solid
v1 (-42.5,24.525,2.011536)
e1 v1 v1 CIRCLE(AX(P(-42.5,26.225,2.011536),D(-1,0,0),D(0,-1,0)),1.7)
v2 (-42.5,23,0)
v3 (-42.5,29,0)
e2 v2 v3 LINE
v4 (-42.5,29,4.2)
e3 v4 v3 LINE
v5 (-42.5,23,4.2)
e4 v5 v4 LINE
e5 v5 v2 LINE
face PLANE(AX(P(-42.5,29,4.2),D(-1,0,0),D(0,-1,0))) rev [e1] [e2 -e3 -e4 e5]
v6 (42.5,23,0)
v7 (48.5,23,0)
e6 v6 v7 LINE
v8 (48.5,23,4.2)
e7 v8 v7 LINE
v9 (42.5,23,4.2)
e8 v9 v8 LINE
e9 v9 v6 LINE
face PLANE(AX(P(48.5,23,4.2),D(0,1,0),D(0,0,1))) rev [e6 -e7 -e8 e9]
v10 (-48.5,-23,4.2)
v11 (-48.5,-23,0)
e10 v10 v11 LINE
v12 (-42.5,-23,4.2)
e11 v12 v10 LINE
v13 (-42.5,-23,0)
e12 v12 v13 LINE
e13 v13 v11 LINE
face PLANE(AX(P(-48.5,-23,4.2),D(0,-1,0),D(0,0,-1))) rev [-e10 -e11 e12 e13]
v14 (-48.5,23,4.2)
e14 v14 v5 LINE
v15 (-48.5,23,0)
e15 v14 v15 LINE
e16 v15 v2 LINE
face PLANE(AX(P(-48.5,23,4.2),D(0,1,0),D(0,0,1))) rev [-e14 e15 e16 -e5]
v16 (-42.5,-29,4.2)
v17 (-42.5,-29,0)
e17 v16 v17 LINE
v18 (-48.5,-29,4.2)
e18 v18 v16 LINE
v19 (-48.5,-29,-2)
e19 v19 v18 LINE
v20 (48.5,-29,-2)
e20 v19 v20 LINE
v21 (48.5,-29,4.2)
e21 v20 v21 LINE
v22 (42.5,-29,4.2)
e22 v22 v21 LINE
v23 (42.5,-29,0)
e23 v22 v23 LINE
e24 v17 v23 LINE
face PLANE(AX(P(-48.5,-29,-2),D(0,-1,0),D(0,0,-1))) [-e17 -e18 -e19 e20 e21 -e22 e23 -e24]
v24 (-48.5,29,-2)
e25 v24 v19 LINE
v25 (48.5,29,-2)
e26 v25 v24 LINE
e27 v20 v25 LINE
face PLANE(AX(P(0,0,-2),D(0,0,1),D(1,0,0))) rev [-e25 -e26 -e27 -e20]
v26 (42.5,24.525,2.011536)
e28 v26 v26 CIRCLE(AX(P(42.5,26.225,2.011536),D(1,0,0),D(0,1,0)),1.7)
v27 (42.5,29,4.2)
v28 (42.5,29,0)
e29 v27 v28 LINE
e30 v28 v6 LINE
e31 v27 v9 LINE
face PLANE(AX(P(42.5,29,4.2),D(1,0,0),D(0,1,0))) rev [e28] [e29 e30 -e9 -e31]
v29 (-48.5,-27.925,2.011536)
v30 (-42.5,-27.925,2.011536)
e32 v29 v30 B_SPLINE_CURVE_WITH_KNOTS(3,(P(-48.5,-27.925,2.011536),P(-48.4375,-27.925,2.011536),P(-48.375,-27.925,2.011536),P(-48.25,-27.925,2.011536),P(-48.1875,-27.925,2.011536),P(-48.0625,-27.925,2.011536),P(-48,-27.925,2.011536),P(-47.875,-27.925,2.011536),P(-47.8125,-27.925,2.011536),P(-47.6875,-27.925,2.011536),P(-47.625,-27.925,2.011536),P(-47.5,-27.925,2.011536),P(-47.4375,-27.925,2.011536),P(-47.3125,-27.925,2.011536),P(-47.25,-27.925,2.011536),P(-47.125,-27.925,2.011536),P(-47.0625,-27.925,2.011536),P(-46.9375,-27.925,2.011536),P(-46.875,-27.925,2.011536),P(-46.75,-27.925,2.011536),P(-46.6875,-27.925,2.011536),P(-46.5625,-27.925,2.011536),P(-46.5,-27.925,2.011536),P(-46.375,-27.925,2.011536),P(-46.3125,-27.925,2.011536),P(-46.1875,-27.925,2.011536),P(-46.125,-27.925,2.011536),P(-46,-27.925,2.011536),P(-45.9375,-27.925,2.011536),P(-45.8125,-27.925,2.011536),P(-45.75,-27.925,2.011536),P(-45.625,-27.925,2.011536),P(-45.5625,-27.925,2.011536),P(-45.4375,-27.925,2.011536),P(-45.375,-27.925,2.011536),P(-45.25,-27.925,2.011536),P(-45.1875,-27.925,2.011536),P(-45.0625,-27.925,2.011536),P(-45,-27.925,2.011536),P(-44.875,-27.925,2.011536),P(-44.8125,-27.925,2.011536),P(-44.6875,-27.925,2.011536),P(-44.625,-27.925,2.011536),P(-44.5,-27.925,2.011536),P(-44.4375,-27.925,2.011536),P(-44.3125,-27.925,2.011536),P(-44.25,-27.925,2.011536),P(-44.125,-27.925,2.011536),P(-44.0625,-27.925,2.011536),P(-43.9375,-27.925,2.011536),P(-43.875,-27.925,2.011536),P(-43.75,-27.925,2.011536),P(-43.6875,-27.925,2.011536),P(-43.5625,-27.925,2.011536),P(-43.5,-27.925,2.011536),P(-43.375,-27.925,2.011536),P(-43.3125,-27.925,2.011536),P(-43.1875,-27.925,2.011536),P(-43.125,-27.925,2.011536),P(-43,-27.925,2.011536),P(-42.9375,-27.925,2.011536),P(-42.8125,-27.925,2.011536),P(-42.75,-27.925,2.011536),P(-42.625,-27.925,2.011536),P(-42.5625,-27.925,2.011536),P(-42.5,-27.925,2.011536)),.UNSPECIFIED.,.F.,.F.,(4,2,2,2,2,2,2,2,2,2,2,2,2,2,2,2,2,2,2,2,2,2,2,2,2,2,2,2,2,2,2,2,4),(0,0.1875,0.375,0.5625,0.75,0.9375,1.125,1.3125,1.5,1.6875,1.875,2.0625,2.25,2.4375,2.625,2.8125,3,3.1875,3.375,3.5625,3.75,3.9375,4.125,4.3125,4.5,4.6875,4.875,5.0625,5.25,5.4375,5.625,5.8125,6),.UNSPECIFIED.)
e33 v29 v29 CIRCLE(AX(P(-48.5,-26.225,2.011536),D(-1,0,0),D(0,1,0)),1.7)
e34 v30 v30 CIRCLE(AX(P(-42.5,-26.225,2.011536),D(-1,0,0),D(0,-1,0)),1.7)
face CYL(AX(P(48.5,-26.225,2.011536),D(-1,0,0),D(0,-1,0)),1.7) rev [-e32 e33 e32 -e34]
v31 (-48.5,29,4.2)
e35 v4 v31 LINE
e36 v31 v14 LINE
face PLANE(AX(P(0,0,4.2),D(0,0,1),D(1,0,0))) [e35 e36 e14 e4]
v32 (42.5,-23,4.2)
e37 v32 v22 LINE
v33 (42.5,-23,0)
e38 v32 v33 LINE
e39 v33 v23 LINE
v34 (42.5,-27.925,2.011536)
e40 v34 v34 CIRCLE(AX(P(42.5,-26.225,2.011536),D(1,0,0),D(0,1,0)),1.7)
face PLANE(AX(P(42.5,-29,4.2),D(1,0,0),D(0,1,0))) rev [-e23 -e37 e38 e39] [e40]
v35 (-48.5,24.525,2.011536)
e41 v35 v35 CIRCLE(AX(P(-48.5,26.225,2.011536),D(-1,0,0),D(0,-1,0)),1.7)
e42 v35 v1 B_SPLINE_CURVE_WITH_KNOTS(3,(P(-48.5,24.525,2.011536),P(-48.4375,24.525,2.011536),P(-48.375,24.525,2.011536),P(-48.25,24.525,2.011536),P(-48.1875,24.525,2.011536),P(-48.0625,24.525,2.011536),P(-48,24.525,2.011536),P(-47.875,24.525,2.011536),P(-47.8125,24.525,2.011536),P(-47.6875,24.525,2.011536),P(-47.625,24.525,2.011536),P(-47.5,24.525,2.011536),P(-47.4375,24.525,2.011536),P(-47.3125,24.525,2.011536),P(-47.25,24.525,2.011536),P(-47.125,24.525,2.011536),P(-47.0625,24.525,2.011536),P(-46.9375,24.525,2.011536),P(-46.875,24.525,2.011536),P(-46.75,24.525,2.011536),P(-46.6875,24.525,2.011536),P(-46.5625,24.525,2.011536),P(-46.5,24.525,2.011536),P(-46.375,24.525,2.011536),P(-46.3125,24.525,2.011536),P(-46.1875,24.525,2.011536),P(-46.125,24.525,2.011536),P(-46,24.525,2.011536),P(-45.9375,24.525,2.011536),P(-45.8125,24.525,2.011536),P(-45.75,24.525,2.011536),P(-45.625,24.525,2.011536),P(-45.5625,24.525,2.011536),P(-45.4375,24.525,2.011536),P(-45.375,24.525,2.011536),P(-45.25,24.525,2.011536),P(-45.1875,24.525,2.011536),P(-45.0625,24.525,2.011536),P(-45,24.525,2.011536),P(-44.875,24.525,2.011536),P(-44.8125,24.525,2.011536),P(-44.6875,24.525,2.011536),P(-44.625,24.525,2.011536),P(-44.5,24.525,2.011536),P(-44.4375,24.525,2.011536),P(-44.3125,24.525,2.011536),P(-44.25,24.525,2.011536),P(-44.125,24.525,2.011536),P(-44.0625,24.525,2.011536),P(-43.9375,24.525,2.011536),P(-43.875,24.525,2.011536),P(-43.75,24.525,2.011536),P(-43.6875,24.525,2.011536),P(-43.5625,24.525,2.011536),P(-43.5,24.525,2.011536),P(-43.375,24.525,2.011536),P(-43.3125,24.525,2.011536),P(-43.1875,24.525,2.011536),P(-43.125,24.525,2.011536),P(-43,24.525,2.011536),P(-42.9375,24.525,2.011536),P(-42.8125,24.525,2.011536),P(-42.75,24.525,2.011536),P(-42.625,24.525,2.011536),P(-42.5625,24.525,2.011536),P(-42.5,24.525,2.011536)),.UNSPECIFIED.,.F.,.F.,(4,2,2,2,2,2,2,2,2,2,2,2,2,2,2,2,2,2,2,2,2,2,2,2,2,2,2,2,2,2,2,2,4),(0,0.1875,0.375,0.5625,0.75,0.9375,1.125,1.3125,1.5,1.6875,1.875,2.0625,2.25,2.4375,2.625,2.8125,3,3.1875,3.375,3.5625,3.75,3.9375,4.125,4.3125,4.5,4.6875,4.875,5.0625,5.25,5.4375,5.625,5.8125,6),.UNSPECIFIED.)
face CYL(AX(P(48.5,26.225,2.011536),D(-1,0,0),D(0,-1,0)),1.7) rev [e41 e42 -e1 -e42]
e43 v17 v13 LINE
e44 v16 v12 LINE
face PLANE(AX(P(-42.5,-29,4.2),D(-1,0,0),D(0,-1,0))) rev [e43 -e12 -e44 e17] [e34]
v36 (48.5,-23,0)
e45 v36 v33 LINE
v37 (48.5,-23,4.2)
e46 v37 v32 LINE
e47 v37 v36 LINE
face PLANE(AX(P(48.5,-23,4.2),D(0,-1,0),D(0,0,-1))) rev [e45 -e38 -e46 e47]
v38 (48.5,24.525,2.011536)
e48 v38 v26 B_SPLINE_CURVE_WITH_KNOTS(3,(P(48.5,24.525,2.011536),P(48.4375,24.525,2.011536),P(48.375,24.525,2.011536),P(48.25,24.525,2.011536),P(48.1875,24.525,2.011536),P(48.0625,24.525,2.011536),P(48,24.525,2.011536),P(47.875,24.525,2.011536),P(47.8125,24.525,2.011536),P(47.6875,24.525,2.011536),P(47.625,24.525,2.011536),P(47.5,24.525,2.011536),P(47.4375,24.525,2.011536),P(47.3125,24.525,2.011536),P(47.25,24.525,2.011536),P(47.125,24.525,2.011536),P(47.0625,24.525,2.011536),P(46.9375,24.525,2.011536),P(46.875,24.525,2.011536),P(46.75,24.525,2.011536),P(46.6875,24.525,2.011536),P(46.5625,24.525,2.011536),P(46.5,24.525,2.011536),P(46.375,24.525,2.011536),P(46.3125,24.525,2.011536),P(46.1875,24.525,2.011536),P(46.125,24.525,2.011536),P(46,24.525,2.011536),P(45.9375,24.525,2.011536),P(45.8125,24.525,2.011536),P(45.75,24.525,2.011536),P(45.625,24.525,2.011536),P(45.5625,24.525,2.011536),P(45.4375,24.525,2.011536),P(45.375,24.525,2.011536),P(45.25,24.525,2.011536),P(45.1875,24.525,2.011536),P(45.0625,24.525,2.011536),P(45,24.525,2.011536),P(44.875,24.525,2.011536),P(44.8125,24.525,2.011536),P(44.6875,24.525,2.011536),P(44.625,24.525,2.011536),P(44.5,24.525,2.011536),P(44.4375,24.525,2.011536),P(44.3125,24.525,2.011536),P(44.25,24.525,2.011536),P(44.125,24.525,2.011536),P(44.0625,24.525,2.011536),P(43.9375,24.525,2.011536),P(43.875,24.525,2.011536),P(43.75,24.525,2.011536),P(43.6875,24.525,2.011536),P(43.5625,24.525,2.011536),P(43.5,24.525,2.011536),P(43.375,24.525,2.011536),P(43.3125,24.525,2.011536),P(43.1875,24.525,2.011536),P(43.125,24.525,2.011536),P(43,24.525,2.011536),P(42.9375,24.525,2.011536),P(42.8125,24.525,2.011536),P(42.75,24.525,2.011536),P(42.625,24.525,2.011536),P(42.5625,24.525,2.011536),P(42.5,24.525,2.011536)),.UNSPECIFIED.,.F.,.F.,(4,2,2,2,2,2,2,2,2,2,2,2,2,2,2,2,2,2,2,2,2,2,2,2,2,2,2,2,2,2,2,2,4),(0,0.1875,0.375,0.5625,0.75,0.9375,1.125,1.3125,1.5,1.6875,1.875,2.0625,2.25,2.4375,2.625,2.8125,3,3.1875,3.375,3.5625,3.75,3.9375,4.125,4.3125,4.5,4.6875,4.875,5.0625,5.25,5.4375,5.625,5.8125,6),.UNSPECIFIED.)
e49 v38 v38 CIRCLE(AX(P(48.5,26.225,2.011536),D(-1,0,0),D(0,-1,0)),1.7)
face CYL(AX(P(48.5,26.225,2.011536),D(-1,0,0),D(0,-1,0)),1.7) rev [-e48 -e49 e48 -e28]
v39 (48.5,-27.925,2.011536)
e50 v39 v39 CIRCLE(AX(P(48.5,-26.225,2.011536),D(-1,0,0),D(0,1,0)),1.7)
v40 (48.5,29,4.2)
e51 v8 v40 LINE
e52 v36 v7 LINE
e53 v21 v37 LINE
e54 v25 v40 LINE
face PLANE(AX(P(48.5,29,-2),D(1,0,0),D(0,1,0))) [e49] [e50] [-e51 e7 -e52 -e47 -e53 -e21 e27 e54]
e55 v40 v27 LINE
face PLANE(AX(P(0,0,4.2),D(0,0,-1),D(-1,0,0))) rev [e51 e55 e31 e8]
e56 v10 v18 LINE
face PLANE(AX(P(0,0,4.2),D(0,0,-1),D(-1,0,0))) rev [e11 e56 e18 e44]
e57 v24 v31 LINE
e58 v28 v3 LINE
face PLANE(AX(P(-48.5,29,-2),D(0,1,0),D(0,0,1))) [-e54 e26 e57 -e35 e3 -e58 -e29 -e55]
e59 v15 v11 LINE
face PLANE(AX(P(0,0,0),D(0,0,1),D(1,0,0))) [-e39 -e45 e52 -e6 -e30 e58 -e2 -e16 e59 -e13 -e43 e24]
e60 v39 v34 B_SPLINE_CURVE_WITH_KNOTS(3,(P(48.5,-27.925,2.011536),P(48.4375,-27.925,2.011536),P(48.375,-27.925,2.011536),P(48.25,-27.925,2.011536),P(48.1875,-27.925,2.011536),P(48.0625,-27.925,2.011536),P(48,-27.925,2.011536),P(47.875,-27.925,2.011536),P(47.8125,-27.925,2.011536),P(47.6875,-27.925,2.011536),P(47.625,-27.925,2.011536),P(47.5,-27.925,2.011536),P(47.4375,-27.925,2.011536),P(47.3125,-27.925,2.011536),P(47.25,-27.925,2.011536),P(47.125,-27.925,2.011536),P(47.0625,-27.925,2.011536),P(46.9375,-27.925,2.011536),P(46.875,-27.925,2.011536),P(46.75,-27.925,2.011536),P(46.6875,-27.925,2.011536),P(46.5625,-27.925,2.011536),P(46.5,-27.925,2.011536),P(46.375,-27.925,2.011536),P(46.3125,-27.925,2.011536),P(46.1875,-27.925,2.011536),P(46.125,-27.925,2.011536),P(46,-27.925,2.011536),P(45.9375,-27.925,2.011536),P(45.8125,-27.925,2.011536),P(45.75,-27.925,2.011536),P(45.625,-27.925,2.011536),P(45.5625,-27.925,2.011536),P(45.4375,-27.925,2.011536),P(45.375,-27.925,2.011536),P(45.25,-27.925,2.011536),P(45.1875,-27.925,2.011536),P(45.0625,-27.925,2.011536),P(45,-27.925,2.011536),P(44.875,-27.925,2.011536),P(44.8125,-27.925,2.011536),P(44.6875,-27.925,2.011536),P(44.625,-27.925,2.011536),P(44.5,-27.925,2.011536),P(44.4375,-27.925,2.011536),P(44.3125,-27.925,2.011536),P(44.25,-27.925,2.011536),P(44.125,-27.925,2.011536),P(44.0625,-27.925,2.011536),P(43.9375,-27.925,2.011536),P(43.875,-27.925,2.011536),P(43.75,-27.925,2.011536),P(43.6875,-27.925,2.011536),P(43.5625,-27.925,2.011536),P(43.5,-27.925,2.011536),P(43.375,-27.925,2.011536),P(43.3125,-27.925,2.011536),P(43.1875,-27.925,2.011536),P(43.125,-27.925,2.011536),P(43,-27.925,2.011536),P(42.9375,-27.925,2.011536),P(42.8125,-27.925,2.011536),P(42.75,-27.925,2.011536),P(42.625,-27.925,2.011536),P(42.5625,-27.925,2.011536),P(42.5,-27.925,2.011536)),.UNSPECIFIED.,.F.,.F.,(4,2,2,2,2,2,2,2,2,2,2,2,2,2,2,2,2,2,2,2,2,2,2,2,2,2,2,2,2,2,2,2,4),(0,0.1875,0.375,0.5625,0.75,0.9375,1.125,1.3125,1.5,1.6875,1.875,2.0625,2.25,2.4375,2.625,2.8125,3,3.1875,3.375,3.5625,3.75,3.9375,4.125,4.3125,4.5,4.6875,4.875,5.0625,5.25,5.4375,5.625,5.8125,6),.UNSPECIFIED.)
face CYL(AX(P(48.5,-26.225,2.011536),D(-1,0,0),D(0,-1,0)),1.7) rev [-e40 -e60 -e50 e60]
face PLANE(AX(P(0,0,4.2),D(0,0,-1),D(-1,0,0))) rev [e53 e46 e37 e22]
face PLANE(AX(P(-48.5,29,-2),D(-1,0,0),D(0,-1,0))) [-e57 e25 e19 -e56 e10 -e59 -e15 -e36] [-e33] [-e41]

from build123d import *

# Parameters (mm, degrees)
CROQUIS1_W              = 97
CROQUIS1_H              = 58
SALIENTE_EXTRUIR1_DEPTH = 2
CROQUIS2_W              = 6
CROQUIS2_H              = 6
SALIENTE_EXTRUIR2_DEPTH = 4.2
CROQUIS3_R              = 1.7
CORTAR_EXTRUIR1_DEPTH   = 102.329363957


with BuildPart() as part:
    # Croquis1 → Saliente-Extruir1 (new body)
    with BuildSketch(Plane.XY):
        Rectangle(CROQUIS1_W, CROQUIS1_H)
    extrude(amount=-SALIENTE_EXTRUIR1_DEPTH)

    # Croquis2 → Saliente-Extruir2 (add)
    with BuildSketch(Plane.XY):
        with Locations((-45.5, 26)):
            Rectangle(CROQUIS2_W, CROQUIS2_H)
        with Locations((-45.5, -26)):
            Rectangle(CROQUIS2_W, CROQUIS2_H)
        with Locations((45.5, -26)):
            Rectangle(CROQUIS2_W, CROQUIS2_H)
        with Locations((45.5, 26)):
            Rectangle(CROQUIS2_W, CROQUIS2_H)
    extrude(amount=SALIENTE_EXTRUIR2_DEPTH)

    # Croquis3 → Cortar-Extruir1 (cut, through all)
    with BuildSketch(Plane.ZY.offset(48.5)):
        with Locations(Location((2.011535927, 26.225, 0), (0, 0, 270))):
            Circle(CROQUIS3_R)
        with Locations(Location((2.011535927, -26.225, 0), (0, 0, 270))):
            Circle(CROQUIS3_R)
    extrude(amount=-CORTAR_EXTRUIR1_DEPTH, mode=Mode.SUBTRACT)


solid = part.part
